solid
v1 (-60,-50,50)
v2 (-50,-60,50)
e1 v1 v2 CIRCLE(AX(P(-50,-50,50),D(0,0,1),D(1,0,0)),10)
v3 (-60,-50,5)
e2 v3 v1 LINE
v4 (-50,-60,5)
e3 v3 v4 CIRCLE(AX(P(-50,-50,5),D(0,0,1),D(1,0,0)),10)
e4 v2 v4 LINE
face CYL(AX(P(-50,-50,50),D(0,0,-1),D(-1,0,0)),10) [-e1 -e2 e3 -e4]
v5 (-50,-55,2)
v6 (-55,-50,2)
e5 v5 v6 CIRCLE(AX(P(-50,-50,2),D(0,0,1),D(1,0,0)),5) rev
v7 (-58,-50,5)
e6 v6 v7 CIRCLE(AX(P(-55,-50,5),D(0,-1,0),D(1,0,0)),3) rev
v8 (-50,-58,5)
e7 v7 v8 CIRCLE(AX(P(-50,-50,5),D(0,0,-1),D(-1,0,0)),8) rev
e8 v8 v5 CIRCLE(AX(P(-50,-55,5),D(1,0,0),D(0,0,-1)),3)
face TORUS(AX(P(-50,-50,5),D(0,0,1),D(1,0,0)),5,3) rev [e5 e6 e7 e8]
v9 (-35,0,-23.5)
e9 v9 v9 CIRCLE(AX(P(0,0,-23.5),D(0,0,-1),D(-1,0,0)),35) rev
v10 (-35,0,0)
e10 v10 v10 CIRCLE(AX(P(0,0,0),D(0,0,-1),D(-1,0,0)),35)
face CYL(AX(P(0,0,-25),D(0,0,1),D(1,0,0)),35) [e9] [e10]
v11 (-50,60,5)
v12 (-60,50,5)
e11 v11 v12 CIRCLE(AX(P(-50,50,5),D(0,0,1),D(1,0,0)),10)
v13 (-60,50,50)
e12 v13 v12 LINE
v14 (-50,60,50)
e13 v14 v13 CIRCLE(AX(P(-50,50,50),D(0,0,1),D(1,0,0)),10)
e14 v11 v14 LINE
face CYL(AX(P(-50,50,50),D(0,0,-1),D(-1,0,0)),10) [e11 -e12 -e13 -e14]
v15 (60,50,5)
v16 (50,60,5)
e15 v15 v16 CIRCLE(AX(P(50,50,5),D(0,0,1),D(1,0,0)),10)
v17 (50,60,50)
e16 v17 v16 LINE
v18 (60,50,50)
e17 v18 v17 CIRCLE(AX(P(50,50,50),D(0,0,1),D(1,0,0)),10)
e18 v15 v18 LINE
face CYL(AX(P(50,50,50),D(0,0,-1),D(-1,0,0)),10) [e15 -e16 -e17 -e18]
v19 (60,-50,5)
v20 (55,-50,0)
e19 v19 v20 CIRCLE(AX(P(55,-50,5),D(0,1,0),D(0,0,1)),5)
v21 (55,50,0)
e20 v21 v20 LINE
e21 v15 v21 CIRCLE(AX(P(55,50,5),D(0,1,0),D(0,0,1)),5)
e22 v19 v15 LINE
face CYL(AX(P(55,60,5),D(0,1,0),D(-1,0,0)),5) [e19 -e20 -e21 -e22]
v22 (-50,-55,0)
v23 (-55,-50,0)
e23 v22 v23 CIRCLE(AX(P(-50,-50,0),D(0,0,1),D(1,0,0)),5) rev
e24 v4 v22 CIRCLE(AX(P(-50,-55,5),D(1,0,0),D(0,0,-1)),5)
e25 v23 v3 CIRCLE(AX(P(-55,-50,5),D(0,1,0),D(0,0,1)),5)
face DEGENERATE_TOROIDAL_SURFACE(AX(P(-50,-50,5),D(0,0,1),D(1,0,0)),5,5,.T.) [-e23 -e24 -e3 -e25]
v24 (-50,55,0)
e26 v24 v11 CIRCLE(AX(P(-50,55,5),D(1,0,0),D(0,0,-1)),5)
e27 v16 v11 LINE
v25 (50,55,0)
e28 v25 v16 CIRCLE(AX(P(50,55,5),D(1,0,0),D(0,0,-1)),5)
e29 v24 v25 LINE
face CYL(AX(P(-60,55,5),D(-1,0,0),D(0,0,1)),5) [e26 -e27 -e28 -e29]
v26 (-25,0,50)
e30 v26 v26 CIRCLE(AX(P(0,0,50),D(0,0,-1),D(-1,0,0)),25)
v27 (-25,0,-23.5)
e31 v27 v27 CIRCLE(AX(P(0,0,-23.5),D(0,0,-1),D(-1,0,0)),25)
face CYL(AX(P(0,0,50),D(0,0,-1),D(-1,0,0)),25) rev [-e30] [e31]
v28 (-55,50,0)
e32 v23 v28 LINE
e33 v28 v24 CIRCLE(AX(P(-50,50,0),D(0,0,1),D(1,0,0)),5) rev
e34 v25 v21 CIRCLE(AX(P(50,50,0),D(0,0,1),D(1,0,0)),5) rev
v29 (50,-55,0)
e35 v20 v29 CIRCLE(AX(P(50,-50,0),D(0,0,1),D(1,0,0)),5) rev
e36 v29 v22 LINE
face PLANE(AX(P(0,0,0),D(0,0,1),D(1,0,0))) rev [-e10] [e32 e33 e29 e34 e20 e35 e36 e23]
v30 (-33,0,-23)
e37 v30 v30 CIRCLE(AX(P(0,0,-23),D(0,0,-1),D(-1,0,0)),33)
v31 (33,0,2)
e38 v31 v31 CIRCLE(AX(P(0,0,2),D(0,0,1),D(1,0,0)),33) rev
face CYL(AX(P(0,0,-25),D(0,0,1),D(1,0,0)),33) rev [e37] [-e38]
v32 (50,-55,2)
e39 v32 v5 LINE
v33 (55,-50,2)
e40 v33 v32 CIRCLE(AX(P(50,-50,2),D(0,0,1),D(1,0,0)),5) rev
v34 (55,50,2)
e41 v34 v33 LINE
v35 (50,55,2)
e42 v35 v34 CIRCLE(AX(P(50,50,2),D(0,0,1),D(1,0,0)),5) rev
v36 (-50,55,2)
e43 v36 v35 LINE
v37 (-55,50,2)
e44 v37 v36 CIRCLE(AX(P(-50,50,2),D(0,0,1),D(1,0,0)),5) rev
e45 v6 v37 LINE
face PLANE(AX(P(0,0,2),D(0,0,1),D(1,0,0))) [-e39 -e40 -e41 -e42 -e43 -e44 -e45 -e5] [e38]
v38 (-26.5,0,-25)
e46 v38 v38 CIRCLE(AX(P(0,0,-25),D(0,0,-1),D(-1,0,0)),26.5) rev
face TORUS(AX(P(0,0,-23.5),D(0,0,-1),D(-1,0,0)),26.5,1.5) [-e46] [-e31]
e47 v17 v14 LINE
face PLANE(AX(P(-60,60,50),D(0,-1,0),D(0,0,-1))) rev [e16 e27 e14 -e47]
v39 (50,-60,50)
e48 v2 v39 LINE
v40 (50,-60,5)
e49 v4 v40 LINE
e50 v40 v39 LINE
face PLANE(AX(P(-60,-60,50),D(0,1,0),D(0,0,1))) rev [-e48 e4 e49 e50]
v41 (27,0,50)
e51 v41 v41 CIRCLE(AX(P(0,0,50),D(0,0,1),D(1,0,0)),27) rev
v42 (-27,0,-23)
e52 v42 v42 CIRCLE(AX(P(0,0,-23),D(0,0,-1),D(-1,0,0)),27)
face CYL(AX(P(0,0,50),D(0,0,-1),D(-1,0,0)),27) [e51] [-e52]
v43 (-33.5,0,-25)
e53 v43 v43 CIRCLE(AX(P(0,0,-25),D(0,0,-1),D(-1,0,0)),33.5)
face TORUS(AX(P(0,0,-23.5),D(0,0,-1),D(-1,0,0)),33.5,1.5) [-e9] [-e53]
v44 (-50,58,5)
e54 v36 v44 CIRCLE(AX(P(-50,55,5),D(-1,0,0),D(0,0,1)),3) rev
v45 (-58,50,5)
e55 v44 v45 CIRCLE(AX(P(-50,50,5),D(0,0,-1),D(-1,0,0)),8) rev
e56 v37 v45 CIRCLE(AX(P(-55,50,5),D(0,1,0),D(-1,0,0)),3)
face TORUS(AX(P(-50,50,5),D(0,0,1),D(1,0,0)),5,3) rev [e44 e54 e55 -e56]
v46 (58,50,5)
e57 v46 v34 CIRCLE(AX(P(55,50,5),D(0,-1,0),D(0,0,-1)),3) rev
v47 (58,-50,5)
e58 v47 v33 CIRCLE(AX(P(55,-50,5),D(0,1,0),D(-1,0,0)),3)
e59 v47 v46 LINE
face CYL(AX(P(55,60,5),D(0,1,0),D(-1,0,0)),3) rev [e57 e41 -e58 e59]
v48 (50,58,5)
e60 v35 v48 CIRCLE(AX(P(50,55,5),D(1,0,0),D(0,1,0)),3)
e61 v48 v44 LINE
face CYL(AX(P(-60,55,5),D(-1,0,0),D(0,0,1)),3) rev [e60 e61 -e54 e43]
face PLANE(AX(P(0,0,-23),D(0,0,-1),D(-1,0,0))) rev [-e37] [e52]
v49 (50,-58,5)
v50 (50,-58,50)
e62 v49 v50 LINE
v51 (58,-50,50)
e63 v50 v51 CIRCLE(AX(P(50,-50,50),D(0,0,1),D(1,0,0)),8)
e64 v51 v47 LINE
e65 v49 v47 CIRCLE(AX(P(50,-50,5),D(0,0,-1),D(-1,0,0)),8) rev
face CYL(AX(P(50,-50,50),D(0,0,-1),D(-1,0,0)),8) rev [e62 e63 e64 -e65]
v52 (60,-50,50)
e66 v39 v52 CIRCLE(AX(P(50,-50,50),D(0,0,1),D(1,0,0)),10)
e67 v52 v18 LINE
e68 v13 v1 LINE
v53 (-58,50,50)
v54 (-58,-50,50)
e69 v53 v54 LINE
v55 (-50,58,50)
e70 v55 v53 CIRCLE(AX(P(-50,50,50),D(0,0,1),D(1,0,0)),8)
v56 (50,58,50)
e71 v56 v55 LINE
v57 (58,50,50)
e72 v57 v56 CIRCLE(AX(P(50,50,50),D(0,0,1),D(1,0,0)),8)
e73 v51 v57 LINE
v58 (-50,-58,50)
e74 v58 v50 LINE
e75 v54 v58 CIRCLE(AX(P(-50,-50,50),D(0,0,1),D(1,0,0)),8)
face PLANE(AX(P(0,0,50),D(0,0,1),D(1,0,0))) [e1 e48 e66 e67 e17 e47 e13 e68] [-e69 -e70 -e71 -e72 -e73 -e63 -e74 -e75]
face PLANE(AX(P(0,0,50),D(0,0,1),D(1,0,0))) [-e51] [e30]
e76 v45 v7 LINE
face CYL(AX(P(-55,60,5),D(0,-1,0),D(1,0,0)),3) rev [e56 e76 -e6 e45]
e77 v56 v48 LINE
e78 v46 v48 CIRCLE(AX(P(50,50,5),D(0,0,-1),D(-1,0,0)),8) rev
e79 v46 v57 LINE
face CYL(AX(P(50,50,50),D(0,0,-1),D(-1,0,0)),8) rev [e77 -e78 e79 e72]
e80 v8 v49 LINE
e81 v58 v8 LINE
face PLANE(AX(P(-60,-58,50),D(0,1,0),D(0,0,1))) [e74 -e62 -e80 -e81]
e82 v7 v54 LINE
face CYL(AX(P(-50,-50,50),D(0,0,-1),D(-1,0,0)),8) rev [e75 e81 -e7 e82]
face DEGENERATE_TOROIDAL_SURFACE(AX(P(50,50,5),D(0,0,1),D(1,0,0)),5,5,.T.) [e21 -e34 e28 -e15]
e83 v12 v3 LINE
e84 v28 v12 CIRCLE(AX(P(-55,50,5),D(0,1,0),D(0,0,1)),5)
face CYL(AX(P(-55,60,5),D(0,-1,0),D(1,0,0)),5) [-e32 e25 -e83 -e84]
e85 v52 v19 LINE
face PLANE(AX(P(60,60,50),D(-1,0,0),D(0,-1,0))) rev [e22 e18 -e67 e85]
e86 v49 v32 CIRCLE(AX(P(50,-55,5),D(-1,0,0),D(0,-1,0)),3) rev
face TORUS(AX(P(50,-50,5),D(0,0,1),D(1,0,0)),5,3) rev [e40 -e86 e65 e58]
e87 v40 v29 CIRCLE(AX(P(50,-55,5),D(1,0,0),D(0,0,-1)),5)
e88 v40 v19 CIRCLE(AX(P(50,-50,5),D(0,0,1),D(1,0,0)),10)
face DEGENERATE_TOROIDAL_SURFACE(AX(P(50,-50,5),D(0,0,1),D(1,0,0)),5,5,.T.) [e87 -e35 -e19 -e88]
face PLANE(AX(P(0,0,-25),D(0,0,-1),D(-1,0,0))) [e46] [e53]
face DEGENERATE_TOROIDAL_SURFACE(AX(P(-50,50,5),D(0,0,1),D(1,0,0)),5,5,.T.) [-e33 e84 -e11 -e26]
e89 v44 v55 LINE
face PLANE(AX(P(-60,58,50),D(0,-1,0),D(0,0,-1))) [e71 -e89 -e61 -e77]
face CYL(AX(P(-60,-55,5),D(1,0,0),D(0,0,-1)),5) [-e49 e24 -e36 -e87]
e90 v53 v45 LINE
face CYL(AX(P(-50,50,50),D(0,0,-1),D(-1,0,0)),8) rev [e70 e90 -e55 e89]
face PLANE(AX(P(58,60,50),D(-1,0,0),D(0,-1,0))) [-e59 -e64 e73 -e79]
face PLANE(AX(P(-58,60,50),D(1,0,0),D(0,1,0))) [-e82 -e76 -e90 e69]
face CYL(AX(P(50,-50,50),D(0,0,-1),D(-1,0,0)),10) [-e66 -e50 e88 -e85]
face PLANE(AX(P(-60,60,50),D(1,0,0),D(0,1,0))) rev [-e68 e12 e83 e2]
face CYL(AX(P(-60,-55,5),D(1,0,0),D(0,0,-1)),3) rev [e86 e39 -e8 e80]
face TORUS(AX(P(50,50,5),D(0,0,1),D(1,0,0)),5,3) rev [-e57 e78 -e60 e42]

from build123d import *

# Parameters (mm, degrees)
SKETCH2_W           = 120
SKETCH2_H           = 120
BOSS_EXTRUDE1_DEPTH = 50
SKETCH3_R           = 35
BOSS_EXTRUDE2_DEPTH = 25
SKETCH4_R           = 25
CUT_EXTRUDE1_DEPTH  = 76
FILLET2_R           = 1.5
FILLET7_R           = 10
FILLET8_R           = 5
SHELL1_T            = -2


with BuildPart() as part:
    # Sketch2 → Boss-Extrude1 (new body)
    with BuildSketch(Plane.XY):
        Rectangle(SKETCH2_W, SKETCH2_H)
    extrude(amount=BOSS_EXTRUDE1_DEPTH)

    # Sketch3 → Boss-Extrude2 (add)
    with BuildSketch(Plane(origin=(0, 0, 0), x_dir=(-1, 0, 0), z_dir=(0, 0, -1))):
        Circle(SKETCH3_R)
    extrude(amount=BOSS_EXTRUDE2_DEPTH)

    # Sketch4 → Cut-Extrude1 (cut, through all)
    with BuildSketch(Plane(origin=(0, 0, -25), x_dir=(-1, 0, 0), z_dir=(0, 0, -1))):
        Circle(SKETCH4_R)
    extrude(amount=-CUT_EXTRUDE1_DEPTH, mode=Mode.SUBTRACT)

    # Fillet2
    fillet2_edges = [part.edges().sort_by_distance(p)[0] for p in [
        (35, 0, -25),
        (25, 0, -25),
    ]]
    fillet(fillet2_edges, radius=FILLET2_R)

    # Fillet7
    fillet7_edges = [part.edges().sort_by_distance(p)[0] for p in [
        (-60, 60, 25),
        (60, 60, 25),
        (60, -60, 25),
        (-60, -60, 25),
    ]]
    fillet(fillet7_edges, radius=FILLET7_R)

    # Fillet8
    fillet8_edges = [part.edges().sort_by_distance(p)[0] for p in [
        (0, -60, 0),
        (-60, 0, 0),
        (0, 60, 0),
        (60, 0, 0),
        (57.071067812, 57.071067812, 0),
        (-57.071067812, 57.071067812, 0),
        (57.071067812, -57.071067812, 0),
        (-57.071067812, -57.071067812, 0),
    ]]
    fillet(fillet8_edges, radius=FILLET8_R)

    # Shell1
    shell1_openings = [part.faces().sort_by_distance(p)[0] for p in [
        (-25, 0, 50),
    ]]
    offset(amount=SHELL1_T, openings=shell1_openings, kind=Kind.INTERSECTION)


solid = part.part
